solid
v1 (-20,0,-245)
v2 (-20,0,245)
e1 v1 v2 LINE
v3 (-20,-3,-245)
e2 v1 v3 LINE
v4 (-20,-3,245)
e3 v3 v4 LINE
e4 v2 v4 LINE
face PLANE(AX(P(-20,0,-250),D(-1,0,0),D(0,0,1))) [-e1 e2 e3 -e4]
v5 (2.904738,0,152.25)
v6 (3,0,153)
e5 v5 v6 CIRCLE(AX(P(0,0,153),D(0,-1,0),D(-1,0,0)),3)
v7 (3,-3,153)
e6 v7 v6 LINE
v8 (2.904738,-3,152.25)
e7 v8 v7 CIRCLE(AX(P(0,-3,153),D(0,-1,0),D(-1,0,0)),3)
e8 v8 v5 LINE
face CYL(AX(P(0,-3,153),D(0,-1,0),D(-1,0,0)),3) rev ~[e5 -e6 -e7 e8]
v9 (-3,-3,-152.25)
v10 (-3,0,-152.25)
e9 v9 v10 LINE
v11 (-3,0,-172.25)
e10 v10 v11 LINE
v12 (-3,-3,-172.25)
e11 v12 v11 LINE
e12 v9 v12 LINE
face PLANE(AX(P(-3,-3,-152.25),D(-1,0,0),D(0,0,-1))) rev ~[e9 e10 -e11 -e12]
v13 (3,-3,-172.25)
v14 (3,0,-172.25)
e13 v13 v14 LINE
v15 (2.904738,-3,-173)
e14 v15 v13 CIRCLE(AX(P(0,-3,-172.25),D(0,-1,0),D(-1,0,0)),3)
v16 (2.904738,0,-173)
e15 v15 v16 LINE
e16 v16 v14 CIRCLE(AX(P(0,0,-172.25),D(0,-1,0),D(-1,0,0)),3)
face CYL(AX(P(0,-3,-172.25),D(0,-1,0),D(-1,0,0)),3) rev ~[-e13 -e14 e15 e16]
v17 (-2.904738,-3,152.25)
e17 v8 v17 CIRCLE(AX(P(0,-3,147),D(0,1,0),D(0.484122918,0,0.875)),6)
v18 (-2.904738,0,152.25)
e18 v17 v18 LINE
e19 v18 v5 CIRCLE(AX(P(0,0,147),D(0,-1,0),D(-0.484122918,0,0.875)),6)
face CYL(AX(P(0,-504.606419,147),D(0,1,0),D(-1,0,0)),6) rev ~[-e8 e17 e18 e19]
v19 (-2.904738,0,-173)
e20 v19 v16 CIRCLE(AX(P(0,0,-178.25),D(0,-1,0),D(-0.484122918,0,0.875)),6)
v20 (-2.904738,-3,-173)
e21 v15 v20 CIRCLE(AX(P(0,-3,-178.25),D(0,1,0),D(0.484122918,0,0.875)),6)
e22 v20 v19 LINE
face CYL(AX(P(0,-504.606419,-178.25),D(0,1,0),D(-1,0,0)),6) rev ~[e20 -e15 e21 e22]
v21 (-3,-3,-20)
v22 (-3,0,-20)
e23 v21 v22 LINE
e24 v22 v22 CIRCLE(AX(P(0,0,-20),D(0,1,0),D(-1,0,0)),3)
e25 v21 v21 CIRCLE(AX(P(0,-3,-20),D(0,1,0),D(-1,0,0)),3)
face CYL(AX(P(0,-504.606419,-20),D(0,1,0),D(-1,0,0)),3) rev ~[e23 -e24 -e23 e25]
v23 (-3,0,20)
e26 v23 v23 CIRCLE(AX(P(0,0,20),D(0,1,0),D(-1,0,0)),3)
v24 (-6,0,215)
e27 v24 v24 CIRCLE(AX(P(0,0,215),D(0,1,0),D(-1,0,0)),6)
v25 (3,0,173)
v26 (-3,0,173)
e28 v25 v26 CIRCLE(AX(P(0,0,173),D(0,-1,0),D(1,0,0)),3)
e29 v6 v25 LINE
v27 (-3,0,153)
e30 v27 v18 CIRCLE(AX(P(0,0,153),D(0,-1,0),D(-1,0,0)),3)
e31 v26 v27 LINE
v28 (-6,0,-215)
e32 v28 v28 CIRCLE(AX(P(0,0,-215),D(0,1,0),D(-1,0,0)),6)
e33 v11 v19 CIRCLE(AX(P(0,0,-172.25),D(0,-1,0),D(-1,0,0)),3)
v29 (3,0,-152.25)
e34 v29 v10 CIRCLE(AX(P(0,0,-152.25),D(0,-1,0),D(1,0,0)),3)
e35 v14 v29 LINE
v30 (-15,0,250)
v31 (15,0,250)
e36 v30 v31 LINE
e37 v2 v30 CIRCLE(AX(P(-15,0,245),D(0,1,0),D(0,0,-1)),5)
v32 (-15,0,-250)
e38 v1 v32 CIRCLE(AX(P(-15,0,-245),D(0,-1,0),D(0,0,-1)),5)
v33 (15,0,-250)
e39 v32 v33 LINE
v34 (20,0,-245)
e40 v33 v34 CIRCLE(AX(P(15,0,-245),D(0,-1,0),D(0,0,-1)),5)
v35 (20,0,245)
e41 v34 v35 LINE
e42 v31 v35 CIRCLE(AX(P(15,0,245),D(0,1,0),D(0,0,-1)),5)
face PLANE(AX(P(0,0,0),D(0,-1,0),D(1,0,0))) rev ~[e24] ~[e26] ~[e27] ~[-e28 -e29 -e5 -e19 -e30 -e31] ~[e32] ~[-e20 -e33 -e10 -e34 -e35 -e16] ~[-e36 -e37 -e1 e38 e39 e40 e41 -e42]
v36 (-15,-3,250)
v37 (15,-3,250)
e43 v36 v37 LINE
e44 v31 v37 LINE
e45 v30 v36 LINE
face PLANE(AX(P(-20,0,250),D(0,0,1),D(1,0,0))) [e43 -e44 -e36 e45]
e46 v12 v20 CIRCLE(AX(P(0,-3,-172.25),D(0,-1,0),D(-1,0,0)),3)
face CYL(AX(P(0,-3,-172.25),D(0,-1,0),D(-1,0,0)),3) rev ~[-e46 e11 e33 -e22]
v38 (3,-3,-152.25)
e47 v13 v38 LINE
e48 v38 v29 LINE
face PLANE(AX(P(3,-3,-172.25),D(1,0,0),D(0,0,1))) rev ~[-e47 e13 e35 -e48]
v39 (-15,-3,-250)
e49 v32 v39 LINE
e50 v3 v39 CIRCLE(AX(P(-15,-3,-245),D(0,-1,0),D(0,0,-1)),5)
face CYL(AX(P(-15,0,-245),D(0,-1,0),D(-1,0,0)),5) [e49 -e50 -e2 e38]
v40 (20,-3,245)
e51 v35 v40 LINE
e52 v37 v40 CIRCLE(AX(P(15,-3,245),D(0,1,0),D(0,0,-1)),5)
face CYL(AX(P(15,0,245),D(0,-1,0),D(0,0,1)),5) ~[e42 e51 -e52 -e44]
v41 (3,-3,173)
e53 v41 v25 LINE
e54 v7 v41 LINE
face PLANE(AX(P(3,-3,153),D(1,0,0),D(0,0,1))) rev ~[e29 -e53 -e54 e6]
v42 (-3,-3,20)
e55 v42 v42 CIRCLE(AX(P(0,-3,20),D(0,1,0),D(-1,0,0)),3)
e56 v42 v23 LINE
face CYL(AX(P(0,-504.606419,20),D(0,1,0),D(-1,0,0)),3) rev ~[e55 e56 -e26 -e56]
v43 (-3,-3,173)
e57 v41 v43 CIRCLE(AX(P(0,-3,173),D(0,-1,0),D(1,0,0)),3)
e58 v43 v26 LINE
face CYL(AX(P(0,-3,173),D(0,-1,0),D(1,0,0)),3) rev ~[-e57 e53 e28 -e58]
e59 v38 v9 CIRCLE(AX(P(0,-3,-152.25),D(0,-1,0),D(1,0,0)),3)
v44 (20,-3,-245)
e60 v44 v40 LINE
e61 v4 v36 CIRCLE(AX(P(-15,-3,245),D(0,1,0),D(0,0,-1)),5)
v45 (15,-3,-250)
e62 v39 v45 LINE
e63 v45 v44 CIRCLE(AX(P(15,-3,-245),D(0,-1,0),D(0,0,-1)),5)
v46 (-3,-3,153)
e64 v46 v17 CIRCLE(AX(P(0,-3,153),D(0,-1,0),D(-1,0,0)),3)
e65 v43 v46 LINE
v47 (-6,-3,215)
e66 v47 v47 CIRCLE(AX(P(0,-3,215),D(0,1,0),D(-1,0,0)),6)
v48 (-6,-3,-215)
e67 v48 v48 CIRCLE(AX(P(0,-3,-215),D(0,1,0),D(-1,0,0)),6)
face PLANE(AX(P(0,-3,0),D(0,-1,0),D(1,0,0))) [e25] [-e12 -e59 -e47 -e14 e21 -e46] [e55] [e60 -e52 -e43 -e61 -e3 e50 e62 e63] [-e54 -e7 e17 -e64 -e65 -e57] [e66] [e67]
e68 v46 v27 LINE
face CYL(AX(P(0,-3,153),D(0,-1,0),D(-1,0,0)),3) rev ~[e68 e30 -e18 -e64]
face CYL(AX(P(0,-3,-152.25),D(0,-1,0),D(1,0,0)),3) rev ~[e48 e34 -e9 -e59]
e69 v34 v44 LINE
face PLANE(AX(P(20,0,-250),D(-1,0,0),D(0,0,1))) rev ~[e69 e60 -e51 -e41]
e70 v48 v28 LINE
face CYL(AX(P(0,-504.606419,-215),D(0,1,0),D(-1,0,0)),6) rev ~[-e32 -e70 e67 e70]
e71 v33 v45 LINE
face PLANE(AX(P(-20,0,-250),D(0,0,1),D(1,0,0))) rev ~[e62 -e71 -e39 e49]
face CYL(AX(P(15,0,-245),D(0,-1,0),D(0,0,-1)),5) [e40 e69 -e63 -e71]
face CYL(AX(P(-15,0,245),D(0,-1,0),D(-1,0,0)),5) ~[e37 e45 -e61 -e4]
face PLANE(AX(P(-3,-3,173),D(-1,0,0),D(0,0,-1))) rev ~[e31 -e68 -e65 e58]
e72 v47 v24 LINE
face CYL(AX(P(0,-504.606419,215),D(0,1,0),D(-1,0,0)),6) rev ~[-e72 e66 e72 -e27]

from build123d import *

# Parameters (mm, degrees)
F0_W      = 40
F0_H      = 500
F1_DEPTH  = 3
F3_D      = 12
F5_D      = 12
F7_DEPTH  = 6
F8_D      = 12
F10_DEPTH = 6
F12_D     = 6
F13_R     = 5


with BuildPart() as f1:
    # F0 (on Front) → F1 (new body)
    with BuildSketch(Plane.XZ):
        Rectangle(F0_W, F0_H)
    extrude(amount=F1_DEPTH)

    # F3 (through all)
    with Locations(Plane.XZ.offset(3)):
        with Locations((0, -215), (0, 215)):
            Hole(F3_D / 2)

    # F5 (through all)
    with Locations(Plane.XZ.offset(3)):
        with Locations((0, 147)):
            Hole(F5_D / 2)

    # F6 (on face) → F7 (cut)
    with BuildSketch(Plane.XZ.offset(3)):
        with BuildLine():
            ThreePointArc((-3, 153), (0, 150), (3, 153))
            Line((3, 153), (3, 173))
            ThreePointArc((3, 173), (0, 176), (-3, 173))
            Line((-3, 173), (-3, 153))
        make_face()
    extrude(amount=-F7_DEPTH, mode=Mode.SUBTRACT)

    # F8 (through all)
    with Locations(Plane.XZ.offset(3)):
        with Locations((0, -178.25)):
            Hole(F8_D / 2)

    # F9 (on face) → F10 (cut)
    with BuildSketch(Plane.XZ.offset(3)):
        with BuildLine():
            ThreePointArc((-3, -172.25), (0, -175.25), (3, -172.25))
            Line((3, -172.25), (3, -152.25))
            ThreePointArc((3, -152.25), (0, -149.25), (-3, -152.25))
            Line((-3, -152.25), (-3, -172.25))
        make_face()
    extrude(amount=-F10_DEPTH, mode=Mode.SUBTRACT)

    # F12 (through all)
    with Locations(Plane.XZ.offset(3)):
        with Locations((0, 20), (0, -20)):
            Hole(F12_D / 2)

    # F13
    f13_edges = [f1.edges().sort_by_distance(p)[0] for p in [
        (-20, -1.5, -250),
        (20, -1.5, -250),
        (20, -1.5, 250),
        (-20, -1.5, 250),
    ]]
    fillet(f13_edges, radius=F13_R)


solid = f1.part
